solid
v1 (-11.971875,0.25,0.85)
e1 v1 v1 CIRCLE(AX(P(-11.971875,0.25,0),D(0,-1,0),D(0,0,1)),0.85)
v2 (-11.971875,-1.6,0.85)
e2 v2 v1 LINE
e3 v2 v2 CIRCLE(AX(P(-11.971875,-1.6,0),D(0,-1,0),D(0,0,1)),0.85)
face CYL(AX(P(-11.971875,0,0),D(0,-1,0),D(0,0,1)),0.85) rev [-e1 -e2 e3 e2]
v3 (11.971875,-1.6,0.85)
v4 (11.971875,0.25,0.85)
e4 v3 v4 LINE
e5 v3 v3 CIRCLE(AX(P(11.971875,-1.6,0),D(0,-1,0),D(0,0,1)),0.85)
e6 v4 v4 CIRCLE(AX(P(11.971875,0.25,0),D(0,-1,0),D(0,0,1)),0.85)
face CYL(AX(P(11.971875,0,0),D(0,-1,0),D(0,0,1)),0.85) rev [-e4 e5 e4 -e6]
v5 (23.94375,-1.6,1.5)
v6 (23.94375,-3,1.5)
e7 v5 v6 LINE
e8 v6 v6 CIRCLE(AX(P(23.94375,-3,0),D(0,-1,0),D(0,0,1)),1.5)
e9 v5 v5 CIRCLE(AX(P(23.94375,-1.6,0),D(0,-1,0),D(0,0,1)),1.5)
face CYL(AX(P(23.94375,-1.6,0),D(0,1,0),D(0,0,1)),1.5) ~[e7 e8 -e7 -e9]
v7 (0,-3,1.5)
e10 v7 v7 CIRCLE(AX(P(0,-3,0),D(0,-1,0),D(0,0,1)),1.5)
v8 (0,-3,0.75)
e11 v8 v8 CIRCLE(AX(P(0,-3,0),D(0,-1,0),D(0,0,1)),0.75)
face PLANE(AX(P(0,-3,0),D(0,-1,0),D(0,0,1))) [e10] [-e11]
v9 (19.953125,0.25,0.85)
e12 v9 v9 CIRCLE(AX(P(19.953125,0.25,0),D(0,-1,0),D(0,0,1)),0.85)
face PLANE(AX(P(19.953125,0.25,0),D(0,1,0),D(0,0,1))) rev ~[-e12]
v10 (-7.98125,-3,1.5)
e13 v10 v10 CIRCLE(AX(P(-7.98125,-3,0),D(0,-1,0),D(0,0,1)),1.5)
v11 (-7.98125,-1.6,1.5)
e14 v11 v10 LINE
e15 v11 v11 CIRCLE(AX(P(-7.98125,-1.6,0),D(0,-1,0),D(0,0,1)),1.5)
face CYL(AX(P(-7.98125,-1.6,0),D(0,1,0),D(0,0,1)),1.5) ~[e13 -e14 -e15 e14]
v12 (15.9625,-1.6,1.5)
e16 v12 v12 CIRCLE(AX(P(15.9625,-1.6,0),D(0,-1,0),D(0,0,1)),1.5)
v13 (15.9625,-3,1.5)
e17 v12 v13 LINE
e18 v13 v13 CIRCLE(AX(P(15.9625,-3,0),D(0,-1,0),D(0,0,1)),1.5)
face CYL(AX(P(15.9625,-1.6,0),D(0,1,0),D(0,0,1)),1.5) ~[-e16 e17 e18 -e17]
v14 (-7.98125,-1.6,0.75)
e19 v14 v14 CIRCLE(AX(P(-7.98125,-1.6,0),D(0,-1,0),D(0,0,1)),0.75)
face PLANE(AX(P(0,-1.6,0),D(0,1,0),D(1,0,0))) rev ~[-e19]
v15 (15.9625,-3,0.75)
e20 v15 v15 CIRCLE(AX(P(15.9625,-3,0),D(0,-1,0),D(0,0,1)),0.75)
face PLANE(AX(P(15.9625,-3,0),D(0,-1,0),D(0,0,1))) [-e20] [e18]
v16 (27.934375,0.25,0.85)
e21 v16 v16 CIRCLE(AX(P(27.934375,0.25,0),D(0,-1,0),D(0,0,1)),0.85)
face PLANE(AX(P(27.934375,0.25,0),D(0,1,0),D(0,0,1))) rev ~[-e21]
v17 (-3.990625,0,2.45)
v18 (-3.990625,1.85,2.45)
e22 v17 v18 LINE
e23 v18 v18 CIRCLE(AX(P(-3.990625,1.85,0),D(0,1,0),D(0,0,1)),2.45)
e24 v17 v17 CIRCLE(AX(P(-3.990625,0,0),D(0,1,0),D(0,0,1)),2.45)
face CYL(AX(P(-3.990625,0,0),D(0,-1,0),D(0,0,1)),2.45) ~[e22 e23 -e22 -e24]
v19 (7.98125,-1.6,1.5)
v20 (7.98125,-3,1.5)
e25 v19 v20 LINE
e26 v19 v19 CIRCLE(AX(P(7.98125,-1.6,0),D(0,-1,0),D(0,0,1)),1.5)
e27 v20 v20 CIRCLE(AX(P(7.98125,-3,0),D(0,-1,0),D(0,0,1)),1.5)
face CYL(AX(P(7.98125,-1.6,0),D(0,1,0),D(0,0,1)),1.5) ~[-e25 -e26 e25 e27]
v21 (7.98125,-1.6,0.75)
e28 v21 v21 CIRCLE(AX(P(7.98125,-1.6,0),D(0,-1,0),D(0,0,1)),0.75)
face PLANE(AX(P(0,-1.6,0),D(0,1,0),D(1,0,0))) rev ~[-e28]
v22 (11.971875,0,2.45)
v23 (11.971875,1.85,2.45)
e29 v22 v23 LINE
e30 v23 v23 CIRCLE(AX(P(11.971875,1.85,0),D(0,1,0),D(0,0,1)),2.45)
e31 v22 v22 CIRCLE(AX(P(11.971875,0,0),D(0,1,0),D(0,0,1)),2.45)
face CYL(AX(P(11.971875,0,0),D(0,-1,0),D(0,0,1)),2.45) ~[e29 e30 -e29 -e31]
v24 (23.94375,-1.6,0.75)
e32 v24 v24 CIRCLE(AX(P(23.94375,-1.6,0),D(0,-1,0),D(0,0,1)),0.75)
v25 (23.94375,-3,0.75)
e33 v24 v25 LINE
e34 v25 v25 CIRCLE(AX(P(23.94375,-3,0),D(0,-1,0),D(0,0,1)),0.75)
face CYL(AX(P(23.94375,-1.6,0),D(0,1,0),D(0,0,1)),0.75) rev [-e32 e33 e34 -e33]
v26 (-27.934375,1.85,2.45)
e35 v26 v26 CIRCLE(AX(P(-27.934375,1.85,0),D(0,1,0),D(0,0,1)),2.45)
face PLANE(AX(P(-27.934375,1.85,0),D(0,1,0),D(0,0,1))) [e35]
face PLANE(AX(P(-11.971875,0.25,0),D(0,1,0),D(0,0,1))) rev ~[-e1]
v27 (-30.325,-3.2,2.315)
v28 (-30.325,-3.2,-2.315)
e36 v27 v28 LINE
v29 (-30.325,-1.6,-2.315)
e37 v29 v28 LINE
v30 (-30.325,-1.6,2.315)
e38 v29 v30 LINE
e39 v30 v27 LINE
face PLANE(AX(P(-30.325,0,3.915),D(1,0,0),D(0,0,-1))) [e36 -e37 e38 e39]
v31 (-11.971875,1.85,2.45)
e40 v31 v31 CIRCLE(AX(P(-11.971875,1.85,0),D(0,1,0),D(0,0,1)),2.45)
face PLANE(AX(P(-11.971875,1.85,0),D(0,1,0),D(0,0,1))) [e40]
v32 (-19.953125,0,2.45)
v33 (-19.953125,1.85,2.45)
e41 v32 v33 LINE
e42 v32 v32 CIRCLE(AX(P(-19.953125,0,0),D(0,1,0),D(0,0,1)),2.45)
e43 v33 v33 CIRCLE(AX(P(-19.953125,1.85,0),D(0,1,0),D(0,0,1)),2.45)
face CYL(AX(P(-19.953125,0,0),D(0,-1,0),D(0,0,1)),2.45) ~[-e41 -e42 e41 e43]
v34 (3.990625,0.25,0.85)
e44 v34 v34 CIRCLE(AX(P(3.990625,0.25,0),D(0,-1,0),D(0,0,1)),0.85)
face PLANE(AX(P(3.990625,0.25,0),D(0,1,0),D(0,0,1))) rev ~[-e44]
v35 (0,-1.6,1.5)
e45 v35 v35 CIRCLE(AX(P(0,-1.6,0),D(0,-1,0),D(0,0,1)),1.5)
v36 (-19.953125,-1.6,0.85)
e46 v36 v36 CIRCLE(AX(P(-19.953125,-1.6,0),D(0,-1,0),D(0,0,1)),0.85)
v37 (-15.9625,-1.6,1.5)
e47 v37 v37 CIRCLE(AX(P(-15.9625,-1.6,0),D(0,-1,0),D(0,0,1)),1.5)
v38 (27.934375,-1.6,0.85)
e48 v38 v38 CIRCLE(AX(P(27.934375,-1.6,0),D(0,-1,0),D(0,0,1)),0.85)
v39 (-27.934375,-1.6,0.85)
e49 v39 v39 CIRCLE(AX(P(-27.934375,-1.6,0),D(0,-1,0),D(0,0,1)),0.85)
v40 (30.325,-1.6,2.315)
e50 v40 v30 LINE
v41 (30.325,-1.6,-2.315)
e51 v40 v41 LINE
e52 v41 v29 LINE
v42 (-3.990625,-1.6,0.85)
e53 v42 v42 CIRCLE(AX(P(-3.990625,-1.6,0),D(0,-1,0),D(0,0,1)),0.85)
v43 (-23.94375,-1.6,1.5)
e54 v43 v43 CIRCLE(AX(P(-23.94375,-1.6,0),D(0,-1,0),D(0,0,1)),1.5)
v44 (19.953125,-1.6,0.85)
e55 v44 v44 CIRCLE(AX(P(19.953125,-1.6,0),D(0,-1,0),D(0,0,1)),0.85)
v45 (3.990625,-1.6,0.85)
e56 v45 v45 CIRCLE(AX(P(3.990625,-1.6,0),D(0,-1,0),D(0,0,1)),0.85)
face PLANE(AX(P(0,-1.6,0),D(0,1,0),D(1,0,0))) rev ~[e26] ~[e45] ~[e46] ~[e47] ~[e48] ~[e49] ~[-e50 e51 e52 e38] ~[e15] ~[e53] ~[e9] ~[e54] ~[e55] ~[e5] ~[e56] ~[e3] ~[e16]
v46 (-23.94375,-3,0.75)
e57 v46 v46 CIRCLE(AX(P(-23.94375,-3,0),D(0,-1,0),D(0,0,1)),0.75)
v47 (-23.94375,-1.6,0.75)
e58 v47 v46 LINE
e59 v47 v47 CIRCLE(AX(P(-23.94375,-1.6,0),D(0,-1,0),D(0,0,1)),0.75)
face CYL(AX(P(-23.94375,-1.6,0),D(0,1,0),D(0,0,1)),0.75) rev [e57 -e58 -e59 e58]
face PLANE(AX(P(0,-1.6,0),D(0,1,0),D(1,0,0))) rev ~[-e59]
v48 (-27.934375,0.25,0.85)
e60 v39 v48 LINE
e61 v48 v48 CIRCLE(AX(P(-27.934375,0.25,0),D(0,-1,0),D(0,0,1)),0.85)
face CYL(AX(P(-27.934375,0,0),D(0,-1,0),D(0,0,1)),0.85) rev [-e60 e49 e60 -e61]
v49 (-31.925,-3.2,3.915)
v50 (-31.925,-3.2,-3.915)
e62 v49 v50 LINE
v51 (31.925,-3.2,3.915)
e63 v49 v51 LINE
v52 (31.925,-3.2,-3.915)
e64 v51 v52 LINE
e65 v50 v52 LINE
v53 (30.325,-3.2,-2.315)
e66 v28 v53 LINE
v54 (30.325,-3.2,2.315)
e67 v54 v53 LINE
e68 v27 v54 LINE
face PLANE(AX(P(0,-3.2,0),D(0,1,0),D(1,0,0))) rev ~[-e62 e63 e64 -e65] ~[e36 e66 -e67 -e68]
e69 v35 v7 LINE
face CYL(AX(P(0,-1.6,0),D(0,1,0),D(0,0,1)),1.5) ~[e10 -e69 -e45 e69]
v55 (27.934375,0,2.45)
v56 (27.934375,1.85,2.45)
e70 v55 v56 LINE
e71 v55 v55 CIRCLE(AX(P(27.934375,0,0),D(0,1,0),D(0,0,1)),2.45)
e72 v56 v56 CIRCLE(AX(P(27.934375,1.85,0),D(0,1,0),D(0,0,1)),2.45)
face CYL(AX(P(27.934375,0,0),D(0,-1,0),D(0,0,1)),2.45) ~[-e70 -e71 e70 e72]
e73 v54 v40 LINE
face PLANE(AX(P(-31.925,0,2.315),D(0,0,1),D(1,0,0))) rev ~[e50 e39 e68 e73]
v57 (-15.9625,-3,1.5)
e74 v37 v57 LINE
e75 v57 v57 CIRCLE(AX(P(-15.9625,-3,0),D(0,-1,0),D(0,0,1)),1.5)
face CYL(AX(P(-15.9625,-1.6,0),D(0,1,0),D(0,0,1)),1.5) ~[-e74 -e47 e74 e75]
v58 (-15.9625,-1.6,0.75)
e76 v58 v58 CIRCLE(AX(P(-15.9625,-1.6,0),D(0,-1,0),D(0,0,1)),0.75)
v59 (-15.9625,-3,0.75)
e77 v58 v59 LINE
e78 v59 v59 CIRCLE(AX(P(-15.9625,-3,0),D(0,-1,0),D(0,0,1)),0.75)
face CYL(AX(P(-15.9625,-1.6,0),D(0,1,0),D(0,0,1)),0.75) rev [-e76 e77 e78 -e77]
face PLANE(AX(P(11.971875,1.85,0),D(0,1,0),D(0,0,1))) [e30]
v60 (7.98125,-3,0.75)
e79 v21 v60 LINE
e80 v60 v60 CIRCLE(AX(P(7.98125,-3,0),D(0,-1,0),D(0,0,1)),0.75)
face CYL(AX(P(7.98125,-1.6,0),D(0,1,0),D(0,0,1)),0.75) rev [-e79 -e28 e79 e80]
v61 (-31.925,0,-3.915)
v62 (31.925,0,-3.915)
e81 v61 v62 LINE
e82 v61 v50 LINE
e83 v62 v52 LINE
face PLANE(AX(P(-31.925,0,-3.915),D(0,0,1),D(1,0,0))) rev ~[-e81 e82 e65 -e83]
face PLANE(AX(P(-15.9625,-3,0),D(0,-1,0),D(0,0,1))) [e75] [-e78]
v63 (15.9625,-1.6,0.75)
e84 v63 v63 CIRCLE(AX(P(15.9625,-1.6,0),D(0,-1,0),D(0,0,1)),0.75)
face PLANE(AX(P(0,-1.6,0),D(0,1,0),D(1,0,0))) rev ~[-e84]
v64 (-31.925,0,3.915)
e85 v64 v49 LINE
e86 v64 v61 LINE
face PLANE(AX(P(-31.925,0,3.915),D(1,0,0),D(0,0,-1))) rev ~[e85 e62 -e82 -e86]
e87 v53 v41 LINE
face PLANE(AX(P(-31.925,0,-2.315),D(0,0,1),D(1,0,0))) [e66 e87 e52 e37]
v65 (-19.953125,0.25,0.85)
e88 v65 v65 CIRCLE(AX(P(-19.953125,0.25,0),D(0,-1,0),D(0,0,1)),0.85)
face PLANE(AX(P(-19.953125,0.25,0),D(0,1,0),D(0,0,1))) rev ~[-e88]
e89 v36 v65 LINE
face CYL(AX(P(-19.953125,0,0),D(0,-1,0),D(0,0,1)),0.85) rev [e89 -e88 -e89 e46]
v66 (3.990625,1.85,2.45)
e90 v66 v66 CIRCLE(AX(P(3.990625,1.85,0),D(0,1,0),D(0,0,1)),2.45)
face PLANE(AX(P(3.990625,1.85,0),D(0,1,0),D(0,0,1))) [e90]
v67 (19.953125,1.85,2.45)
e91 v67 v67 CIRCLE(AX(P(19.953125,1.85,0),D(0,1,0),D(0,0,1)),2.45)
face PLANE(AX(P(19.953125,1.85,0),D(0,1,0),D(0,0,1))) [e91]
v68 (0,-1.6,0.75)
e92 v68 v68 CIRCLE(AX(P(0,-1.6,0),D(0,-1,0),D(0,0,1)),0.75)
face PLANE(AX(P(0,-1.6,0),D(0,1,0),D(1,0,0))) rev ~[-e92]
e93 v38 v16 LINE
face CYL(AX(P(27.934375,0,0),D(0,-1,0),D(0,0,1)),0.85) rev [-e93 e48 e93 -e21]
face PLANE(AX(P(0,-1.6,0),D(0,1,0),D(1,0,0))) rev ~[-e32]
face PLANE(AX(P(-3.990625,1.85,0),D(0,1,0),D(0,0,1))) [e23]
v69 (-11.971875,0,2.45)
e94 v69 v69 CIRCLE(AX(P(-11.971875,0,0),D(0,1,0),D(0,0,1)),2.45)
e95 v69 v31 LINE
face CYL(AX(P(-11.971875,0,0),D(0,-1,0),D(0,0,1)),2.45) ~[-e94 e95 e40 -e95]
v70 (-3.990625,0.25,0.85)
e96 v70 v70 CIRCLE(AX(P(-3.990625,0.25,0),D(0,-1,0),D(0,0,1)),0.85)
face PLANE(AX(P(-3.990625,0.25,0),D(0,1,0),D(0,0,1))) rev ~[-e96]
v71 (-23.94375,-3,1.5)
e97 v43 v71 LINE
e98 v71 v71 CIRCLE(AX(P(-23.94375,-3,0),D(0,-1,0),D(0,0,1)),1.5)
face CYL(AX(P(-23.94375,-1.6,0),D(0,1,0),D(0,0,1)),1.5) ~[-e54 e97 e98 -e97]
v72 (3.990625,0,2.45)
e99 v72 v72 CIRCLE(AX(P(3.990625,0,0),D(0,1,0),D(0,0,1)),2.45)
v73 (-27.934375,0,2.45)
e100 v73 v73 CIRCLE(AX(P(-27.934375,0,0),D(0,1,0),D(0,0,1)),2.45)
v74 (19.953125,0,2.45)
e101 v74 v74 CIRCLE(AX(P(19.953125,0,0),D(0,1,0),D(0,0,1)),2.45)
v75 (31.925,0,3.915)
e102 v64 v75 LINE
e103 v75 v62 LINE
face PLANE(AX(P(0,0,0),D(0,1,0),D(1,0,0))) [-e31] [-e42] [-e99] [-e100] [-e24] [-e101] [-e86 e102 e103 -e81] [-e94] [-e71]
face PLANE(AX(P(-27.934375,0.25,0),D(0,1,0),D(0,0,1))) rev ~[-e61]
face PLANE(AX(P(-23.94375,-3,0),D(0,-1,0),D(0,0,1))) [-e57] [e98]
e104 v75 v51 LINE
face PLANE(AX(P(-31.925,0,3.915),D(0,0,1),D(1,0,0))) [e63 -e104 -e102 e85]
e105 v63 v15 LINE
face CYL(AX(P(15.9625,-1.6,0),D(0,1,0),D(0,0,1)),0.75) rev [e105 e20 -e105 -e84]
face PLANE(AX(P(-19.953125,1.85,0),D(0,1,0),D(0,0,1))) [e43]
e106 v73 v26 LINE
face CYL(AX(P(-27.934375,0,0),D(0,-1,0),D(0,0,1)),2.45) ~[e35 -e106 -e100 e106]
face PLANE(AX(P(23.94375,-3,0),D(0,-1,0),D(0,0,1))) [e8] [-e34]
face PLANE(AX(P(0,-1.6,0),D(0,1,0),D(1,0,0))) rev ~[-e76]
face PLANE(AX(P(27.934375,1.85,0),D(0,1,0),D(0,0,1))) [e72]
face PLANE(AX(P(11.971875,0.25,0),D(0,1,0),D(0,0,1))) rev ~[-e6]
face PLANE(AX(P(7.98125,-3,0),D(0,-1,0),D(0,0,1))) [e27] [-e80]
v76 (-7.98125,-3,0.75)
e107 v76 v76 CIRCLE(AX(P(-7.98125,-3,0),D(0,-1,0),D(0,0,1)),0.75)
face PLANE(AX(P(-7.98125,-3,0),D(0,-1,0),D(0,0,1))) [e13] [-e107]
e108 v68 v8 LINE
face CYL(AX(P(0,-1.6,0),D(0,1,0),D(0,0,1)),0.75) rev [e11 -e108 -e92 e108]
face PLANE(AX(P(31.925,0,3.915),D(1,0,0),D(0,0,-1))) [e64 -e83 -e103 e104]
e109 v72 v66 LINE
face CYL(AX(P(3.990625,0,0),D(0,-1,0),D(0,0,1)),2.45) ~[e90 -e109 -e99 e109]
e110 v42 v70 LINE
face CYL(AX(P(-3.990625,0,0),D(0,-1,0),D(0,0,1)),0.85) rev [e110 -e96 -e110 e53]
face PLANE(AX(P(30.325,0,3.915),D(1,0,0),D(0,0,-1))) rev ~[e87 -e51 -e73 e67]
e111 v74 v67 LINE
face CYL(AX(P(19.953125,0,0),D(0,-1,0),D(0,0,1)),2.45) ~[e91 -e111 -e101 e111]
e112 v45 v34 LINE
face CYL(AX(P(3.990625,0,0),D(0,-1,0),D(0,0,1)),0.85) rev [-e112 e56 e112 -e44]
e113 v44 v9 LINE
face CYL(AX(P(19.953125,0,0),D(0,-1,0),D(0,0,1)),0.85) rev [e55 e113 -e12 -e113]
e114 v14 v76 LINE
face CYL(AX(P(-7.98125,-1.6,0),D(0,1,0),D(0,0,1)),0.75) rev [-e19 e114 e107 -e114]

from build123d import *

# Parameters (mm, degrees)
SKETCH1_W           = 63.85
SKETCH1_H           = 7.83
BOSS_EXTRUDE1_DEPTH = 3.2
SKETCH2_R           = 2.45
BOSS_EXTRUDE2_DEPTH = 1.85
SHELL1_T            = -1.6
SKETCH3_R           = 1.5
SKETCH3_R_2         = 0.75
BOSS_EXTRUDE3_DEPTH = 1.4


with BuildPart() as part:
    # Sketch1 → Boss-Extrude1 (new body)
    with BuildSketch(Plane(origin=(0, 0, 0), x_dir=(1, 0, 0), z_dir=(0, 1, 0))):
        Rectangle(SKETCH1_W, SKETCH1_H)
    extrude(amount=-BOSS_EXTRUDE1_DEPTH)

    # Sketch2 → Boss-Extrude2 (add)
    with BuildSketch(Plane(origin=(0, 0, 0), x_dir=(1, 0, 0), z_dir=(0, 1, 0))):
        with Locations(Location((-27.934375, 0, 0), (0, 0, 270))):
            Circle(SKETCH2_R)
        with Locations(Location((-19.953125, 0, 0), (0, 0, 270))):
            Circle(SKETCH2_R)
        with Locations(Location((-11.971875, 0, 0), (0, 0, 270))):
            Circle(SKETCH2_R)
        with Locations(Location((-3.990625, 0, 0), (0, 0, 270))):
            Circle(SKETCH2_R)
        with Locations(Location((3.990625, 0, 0), (0, 0, 270))):
            Circle(SKETCH2_R)
        with Locations(Location((11.971875, 0, 0), (0, 0, 270))):
            Circle(SKETCH2_R)
        with Locations(Location((19.953125, 0, 0), (0, 0, 270))):
            Circle(SKETCH2_R)
        with Locations(Location((27.934375, 0, 0), (0, 0, 270))):
            Circle(SKETCH2_R)
    extrude(amount=BOSS_EXTRUDE2_DEPTH)

    # Shell1
    shell1_openings = [part.faces().sort_by_distance(p)[0] for p in [
        (0, -3.2, 0),
    ]]
    offset(amount=SHELL1_T, openings=shell1_openings, kind=Kind.INTERSECTION)

    # Sketch3 → Boss-Extrude3 (add)
    # profile 1 of 7: a face of its own
    with BuildSketch(Plane.XZ.offset(1.6)):
        with Locations(Location((-23.94375, 0, 0), (0, 0, 90))):
            Circle(SKETCH3_R)
        with Locations(Location((-23.94375, 0, 0), (0, 0, 90))):
            Circle(SKETCH3_R_2, mode=Mode.SUBTRACT)
    # profile 2 of 7: a face of its own
    with BuildSketch(Plane.XZ.offset(1.6)):
        with Locations(Location((-15.9625, 0, 0), (0, 0, 90))):
            Circle(SKETCH3_R)
        with Locations(Location((-15.9625, 0, 0), (0, 0, 90))):
            Circle(SKETCH3_R_2, mode=Mode.SUBTRACT)
    # profile 3 of 7: a face of its own
    with BuildSketch(Plane.XZ.offset(1.6)):
        with Locations(Location((-7.98125, 0, 0), (0, 0, 90))):
            Circle(SKETCH3_R)
        with Locations(Location((-7.98125, 0, 0), (0, 0, 90))):
            Circle(SKETCH3_R_2, mode=Mode.SUBTRACT)
    # profile 4 of 7: a face of its own
    with BuildSketch(Plane.XZ.offset(1.6)):
        with Locations(Location((0, 0, 0), (0, 0, 90))):
            Circle(SKETCH3_R)
        with Locations(Location((0, 0, 0), (0, 0, 90))):
            Circle(SKETCH3_R_2, mode=Mode.SUBTRACT)
    # profile 5 of 7: a face of its own
    with BuildSketch(Plane.XZ.offset(1.6)):
        with Locations(Location((7.98125, 0, 0), (0, 0, 90))):
            Circle(SKETCH3_R)
        with Locations(Location((7.98125, 0, 0), (0, 0, 90))):
            Circle(SKETCH3_R_2, mode=Mode.SUBTRACT)
    # profile 6 of 7: a face of its own
    with BuildSketch(Plane.XZ.offset(1.6)):
        with Locations(Location((15.9625, 0, 0), (0, 0, 90))):
            Circle(SKETCH3_R)
        with Locations(Location((15.9625, 0, 0), (0, 0, 90))):
            Circle(SKETCH3_R_2, mode=Mode.SUBTRACT)
    # profile 7 of 7: a face of its own
    with BuildSketch(Plane.XZ.offset(1.6)):
        with Locations(Location((23.94375, 0, 0), (0, 0, 90))):
            Circle(SKETCH3_R)
        with Locations(Location((23.94375, 0, 0), (0, 0, 90))):
            Circle(SKETCH3_R_2, mode=Mode.SUBTRACT)
    extrude(amount=BOSS_EXTRUDE3_DEPTH)


solid = part.part
